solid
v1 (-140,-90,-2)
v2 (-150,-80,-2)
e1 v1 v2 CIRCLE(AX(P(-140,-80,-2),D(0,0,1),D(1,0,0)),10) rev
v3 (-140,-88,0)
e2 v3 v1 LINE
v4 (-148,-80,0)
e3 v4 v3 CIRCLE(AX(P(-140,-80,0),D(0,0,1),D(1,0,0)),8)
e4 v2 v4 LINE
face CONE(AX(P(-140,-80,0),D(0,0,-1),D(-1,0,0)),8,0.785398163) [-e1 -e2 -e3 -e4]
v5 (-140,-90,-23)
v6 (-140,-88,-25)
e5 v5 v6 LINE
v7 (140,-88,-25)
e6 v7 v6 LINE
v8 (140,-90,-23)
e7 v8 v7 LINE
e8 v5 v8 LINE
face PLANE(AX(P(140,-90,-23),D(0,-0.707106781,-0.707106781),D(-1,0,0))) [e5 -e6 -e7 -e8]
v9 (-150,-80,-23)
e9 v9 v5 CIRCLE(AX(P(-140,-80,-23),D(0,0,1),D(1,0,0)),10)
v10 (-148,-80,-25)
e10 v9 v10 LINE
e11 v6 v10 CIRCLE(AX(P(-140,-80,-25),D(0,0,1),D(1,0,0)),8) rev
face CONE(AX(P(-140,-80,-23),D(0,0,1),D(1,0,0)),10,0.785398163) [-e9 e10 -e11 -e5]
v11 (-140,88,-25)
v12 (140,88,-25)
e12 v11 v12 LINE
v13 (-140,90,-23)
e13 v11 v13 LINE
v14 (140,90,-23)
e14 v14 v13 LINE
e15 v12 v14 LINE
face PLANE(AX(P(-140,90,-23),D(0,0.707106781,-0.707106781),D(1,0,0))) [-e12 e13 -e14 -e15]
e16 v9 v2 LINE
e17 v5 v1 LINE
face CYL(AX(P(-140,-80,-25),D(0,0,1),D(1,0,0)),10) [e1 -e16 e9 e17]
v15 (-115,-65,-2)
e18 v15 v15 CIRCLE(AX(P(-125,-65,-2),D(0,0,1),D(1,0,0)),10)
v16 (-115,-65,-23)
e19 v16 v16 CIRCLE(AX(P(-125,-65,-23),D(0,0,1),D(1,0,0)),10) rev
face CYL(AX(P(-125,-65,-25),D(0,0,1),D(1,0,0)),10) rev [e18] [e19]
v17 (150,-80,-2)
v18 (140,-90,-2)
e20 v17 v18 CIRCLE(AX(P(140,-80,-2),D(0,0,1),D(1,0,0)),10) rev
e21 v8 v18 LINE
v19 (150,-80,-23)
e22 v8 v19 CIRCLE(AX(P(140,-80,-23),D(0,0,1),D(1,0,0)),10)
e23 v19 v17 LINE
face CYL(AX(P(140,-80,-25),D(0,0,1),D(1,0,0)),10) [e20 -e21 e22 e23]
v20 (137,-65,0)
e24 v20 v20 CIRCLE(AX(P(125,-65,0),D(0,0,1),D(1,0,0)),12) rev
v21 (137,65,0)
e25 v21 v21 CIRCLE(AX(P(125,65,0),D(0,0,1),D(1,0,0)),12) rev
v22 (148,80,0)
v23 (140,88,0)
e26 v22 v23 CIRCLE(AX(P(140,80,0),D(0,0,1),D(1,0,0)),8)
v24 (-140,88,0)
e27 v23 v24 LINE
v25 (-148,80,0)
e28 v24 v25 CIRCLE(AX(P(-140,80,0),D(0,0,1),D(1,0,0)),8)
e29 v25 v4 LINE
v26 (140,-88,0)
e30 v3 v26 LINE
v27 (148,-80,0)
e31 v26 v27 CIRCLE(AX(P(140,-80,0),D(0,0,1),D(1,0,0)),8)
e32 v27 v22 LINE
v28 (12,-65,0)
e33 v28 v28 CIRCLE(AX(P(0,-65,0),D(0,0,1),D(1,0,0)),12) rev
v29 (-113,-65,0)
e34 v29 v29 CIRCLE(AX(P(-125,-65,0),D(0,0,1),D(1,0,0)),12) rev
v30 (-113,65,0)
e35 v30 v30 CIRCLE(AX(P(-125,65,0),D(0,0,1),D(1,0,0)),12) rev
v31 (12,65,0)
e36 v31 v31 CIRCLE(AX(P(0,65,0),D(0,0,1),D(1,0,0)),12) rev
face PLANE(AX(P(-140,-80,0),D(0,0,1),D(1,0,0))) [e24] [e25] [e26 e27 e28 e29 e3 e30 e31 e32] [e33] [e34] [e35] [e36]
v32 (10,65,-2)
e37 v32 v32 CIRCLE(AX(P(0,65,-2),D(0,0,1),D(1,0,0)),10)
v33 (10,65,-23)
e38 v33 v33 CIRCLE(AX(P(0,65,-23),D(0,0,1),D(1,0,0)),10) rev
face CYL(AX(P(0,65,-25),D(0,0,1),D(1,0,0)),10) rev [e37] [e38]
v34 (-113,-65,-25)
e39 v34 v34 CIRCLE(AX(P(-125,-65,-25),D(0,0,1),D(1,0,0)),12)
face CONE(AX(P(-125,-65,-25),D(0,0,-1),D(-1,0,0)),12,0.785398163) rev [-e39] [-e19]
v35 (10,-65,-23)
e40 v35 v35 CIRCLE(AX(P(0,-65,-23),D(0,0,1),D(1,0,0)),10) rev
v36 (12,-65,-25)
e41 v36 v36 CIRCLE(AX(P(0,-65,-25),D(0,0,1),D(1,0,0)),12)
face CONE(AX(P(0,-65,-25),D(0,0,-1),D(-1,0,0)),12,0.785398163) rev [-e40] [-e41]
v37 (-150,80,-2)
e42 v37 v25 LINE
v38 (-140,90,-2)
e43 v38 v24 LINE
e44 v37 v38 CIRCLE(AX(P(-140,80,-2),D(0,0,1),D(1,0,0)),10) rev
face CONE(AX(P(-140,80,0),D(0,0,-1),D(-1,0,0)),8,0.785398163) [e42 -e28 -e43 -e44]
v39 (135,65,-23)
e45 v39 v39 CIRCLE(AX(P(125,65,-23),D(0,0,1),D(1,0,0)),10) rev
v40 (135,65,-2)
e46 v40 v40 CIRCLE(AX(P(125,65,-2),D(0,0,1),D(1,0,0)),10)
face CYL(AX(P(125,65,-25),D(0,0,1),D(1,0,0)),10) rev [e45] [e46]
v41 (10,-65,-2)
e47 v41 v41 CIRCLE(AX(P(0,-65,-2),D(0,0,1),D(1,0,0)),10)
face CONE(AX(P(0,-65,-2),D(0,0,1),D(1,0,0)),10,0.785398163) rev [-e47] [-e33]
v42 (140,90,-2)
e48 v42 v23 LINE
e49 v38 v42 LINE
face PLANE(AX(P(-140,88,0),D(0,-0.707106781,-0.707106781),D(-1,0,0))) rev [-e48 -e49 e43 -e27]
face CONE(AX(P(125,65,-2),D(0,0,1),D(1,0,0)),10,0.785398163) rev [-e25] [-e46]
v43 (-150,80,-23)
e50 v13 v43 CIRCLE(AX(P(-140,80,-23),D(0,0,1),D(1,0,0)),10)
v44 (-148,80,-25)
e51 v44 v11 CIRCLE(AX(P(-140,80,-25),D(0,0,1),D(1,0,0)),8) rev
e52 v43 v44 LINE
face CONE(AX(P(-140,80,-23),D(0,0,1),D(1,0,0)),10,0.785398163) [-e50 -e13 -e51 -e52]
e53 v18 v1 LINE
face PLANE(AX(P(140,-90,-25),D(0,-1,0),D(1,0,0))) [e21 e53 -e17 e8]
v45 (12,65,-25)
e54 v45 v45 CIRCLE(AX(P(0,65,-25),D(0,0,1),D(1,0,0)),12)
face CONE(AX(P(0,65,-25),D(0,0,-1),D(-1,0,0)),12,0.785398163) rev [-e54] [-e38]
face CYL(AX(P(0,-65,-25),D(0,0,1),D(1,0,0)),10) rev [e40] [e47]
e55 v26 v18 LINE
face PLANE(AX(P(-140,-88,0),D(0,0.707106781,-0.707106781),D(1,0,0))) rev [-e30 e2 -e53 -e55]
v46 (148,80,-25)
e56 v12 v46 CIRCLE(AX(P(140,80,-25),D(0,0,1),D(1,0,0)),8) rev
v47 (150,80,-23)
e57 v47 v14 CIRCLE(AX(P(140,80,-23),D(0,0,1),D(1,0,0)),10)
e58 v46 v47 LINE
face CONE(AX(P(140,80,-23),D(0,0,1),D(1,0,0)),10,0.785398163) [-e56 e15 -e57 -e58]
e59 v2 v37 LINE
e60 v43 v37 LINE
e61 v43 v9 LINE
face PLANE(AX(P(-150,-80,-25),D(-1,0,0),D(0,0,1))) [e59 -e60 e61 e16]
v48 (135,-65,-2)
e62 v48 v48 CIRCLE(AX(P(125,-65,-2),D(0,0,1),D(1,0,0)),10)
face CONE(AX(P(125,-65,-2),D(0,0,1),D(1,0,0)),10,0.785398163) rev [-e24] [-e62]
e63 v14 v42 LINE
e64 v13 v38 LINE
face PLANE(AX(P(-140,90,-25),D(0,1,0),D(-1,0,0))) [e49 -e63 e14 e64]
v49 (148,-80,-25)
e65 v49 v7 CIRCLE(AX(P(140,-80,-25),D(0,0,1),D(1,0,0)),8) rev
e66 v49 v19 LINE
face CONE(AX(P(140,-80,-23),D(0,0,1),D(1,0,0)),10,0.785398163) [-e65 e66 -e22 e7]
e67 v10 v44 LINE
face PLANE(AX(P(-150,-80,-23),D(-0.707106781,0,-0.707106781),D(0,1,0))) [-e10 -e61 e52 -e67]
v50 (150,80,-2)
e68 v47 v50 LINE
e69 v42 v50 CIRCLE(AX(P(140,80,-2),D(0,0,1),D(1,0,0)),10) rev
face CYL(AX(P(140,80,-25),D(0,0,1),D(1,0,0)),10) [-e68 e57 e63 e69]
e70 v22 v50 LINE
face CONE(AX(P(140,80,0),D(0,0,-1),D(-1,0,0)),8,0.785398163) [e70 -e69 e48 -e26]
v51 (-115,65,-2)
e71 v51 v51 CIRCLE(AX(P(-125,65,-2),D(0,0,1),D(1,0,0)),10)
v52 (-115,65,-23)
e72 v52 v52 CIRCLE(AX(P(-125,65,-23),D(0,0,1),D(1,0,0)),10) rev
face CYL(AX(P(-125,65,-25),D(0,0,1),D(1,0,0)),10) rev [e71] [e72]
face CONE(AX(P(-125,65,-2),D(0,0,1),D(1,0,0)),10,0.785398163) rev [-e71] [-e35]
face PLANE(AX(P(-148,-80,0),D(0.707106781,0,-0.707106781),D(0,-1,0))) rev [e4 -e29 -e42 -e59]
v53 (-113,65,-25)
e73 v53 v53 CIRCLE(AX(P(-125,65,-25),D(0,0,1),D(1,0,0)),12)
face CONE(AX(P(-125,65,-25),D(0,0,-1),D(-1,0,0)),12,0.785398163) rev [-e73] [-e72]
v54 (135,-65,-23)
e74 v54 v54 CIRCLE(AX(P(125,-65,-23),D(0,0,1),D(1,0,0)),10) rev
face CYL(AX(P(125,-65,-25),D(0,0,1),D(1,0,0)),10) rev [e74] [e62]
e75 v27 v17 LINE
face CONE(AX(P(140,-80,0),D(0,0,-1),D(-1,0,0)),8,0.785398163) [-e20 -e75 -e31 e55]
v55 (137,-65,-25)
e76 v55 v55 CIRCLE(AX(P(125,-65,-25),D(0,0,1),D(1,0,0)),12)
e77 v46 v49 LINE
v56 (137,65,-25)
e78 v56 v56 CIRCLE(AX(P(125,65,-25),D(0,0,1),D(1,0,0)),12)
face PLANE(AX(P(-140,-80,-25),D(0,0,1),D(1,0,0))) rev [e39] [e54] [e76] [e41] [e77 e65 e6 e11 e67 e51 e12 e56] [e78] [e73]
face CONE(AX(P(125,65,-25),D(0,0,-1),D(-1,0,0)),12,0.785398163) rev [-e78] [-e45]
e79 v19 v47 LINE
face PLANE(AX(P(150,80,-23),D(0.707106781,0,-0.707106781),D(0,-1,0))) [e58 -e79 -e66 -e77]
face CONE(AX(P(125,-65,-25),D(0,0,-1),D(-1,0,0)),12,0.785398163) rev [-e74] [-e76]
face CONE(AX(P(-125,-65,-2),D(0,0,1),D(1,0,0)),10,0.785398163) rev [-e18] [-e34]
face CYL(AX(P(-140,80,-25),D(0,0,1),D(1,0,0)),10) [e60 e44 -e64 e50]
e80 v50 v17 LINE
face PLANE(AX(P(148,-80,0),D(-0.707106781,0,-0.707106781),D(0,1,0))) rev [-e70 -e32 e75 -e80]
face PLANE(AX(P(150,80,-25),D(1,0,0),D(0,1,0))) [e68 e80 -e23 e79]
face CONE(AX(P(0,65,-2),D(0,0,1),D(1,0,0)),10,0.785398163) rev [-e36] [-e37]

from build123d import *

# Parameters (mm, degrees)
SKETCH1_R           = 10
BOSS_EXTRUDE1_DEPTH = 25
CHAMFER1_SIZE       = 2


with BuildPart() as part:
    # Sketch1 → Boss-Extrude1 (new body)
    with BuildSketch(Plane.XY):
        with BuildLine():
            Line((-140, 90), (140, 90))
            ThreePointArc((140, 90), (147.071067812, 87.071067812), (150, 80))
            Line((150, 80), (150, -80))
            ThreePointArc((150, -80), (147.071067812, -87.071067812), (140, -90))
            Line((140, -90), (-140, -90))
            ThreePointArc((-140, -90), (-147.071067812, -87.071067812), (-150, -80))
            Line((-150, -80), (-150, 80))
            ThreePointArc((-150, 80), (-147.071067812, 87.071067812), (-140, 90))
        make_face()
        with Locations((-125, -65)):
            Circle(SKETCH1_R, mode=Mode.SUBTRACT)
        with Locations((0, -65)):
            Circle(SKETCH1_R, mode=Mode.SUBTRACT)
        with Locations((125, -65)):
            Circle(SKETCH1_R, mode=Mode.SUBTRACT)
        with Locations((125, 65)):
            Circle(SKETCH1_R, mode=Mode.SUBTRACT)
        with Locations((0, 65)):
            Circle(SKETCH1_R, mode=Mode.SUBTRACT)
        with Locations((-125, 65)):
            Circle(SKETCH1_R, mode=Mode.SUBTRACT)
    extrude(amount=-BOSS_EXTRUDE1_DEPTH)

    # Chamfer1
    chamfer1_edges = [part.edges().sort_by_distance(p)[0] for p in [
        (150, 0, 0),
        (147.071067812, -87.071067812, 0),
        (0, -90, 0),
        (-147.071067812, -87.071067812, 0),
        (147.071067812, -87.071067812, -25),
        (150, 0, -25),
        (147.071067812, 87.071067812, -25),
        (-10, -65, -25),
        (-10, -65, 0),
        (0, 90, -25),
        (-135, -65, -25),
        (-135, -65, 0),
        (-147.071067812, 87.071067812, -25),
        (115, -65, -25),
        (115, -65, 0),
        (-150, 0, -25),
        (115, 65, -25),
        (115, 65, 0),
        (-10, 65, -25),
        (-10, 65, 0),
        (-135, 65, -25),
        (-135, 65, 0),
        (-147.071067812, -87.071067812, -25),
        (-150, 0, 0),
        (0, -90, -25),
        (-147.071067812, 87.071067812, 0),
        (0, 90, 0),
        (147.071067812, 87.071067812, 0),
    ]]
    chamfer(chamfer1_edges, length=CHAMFER1_SIZE)


solid = part.part
